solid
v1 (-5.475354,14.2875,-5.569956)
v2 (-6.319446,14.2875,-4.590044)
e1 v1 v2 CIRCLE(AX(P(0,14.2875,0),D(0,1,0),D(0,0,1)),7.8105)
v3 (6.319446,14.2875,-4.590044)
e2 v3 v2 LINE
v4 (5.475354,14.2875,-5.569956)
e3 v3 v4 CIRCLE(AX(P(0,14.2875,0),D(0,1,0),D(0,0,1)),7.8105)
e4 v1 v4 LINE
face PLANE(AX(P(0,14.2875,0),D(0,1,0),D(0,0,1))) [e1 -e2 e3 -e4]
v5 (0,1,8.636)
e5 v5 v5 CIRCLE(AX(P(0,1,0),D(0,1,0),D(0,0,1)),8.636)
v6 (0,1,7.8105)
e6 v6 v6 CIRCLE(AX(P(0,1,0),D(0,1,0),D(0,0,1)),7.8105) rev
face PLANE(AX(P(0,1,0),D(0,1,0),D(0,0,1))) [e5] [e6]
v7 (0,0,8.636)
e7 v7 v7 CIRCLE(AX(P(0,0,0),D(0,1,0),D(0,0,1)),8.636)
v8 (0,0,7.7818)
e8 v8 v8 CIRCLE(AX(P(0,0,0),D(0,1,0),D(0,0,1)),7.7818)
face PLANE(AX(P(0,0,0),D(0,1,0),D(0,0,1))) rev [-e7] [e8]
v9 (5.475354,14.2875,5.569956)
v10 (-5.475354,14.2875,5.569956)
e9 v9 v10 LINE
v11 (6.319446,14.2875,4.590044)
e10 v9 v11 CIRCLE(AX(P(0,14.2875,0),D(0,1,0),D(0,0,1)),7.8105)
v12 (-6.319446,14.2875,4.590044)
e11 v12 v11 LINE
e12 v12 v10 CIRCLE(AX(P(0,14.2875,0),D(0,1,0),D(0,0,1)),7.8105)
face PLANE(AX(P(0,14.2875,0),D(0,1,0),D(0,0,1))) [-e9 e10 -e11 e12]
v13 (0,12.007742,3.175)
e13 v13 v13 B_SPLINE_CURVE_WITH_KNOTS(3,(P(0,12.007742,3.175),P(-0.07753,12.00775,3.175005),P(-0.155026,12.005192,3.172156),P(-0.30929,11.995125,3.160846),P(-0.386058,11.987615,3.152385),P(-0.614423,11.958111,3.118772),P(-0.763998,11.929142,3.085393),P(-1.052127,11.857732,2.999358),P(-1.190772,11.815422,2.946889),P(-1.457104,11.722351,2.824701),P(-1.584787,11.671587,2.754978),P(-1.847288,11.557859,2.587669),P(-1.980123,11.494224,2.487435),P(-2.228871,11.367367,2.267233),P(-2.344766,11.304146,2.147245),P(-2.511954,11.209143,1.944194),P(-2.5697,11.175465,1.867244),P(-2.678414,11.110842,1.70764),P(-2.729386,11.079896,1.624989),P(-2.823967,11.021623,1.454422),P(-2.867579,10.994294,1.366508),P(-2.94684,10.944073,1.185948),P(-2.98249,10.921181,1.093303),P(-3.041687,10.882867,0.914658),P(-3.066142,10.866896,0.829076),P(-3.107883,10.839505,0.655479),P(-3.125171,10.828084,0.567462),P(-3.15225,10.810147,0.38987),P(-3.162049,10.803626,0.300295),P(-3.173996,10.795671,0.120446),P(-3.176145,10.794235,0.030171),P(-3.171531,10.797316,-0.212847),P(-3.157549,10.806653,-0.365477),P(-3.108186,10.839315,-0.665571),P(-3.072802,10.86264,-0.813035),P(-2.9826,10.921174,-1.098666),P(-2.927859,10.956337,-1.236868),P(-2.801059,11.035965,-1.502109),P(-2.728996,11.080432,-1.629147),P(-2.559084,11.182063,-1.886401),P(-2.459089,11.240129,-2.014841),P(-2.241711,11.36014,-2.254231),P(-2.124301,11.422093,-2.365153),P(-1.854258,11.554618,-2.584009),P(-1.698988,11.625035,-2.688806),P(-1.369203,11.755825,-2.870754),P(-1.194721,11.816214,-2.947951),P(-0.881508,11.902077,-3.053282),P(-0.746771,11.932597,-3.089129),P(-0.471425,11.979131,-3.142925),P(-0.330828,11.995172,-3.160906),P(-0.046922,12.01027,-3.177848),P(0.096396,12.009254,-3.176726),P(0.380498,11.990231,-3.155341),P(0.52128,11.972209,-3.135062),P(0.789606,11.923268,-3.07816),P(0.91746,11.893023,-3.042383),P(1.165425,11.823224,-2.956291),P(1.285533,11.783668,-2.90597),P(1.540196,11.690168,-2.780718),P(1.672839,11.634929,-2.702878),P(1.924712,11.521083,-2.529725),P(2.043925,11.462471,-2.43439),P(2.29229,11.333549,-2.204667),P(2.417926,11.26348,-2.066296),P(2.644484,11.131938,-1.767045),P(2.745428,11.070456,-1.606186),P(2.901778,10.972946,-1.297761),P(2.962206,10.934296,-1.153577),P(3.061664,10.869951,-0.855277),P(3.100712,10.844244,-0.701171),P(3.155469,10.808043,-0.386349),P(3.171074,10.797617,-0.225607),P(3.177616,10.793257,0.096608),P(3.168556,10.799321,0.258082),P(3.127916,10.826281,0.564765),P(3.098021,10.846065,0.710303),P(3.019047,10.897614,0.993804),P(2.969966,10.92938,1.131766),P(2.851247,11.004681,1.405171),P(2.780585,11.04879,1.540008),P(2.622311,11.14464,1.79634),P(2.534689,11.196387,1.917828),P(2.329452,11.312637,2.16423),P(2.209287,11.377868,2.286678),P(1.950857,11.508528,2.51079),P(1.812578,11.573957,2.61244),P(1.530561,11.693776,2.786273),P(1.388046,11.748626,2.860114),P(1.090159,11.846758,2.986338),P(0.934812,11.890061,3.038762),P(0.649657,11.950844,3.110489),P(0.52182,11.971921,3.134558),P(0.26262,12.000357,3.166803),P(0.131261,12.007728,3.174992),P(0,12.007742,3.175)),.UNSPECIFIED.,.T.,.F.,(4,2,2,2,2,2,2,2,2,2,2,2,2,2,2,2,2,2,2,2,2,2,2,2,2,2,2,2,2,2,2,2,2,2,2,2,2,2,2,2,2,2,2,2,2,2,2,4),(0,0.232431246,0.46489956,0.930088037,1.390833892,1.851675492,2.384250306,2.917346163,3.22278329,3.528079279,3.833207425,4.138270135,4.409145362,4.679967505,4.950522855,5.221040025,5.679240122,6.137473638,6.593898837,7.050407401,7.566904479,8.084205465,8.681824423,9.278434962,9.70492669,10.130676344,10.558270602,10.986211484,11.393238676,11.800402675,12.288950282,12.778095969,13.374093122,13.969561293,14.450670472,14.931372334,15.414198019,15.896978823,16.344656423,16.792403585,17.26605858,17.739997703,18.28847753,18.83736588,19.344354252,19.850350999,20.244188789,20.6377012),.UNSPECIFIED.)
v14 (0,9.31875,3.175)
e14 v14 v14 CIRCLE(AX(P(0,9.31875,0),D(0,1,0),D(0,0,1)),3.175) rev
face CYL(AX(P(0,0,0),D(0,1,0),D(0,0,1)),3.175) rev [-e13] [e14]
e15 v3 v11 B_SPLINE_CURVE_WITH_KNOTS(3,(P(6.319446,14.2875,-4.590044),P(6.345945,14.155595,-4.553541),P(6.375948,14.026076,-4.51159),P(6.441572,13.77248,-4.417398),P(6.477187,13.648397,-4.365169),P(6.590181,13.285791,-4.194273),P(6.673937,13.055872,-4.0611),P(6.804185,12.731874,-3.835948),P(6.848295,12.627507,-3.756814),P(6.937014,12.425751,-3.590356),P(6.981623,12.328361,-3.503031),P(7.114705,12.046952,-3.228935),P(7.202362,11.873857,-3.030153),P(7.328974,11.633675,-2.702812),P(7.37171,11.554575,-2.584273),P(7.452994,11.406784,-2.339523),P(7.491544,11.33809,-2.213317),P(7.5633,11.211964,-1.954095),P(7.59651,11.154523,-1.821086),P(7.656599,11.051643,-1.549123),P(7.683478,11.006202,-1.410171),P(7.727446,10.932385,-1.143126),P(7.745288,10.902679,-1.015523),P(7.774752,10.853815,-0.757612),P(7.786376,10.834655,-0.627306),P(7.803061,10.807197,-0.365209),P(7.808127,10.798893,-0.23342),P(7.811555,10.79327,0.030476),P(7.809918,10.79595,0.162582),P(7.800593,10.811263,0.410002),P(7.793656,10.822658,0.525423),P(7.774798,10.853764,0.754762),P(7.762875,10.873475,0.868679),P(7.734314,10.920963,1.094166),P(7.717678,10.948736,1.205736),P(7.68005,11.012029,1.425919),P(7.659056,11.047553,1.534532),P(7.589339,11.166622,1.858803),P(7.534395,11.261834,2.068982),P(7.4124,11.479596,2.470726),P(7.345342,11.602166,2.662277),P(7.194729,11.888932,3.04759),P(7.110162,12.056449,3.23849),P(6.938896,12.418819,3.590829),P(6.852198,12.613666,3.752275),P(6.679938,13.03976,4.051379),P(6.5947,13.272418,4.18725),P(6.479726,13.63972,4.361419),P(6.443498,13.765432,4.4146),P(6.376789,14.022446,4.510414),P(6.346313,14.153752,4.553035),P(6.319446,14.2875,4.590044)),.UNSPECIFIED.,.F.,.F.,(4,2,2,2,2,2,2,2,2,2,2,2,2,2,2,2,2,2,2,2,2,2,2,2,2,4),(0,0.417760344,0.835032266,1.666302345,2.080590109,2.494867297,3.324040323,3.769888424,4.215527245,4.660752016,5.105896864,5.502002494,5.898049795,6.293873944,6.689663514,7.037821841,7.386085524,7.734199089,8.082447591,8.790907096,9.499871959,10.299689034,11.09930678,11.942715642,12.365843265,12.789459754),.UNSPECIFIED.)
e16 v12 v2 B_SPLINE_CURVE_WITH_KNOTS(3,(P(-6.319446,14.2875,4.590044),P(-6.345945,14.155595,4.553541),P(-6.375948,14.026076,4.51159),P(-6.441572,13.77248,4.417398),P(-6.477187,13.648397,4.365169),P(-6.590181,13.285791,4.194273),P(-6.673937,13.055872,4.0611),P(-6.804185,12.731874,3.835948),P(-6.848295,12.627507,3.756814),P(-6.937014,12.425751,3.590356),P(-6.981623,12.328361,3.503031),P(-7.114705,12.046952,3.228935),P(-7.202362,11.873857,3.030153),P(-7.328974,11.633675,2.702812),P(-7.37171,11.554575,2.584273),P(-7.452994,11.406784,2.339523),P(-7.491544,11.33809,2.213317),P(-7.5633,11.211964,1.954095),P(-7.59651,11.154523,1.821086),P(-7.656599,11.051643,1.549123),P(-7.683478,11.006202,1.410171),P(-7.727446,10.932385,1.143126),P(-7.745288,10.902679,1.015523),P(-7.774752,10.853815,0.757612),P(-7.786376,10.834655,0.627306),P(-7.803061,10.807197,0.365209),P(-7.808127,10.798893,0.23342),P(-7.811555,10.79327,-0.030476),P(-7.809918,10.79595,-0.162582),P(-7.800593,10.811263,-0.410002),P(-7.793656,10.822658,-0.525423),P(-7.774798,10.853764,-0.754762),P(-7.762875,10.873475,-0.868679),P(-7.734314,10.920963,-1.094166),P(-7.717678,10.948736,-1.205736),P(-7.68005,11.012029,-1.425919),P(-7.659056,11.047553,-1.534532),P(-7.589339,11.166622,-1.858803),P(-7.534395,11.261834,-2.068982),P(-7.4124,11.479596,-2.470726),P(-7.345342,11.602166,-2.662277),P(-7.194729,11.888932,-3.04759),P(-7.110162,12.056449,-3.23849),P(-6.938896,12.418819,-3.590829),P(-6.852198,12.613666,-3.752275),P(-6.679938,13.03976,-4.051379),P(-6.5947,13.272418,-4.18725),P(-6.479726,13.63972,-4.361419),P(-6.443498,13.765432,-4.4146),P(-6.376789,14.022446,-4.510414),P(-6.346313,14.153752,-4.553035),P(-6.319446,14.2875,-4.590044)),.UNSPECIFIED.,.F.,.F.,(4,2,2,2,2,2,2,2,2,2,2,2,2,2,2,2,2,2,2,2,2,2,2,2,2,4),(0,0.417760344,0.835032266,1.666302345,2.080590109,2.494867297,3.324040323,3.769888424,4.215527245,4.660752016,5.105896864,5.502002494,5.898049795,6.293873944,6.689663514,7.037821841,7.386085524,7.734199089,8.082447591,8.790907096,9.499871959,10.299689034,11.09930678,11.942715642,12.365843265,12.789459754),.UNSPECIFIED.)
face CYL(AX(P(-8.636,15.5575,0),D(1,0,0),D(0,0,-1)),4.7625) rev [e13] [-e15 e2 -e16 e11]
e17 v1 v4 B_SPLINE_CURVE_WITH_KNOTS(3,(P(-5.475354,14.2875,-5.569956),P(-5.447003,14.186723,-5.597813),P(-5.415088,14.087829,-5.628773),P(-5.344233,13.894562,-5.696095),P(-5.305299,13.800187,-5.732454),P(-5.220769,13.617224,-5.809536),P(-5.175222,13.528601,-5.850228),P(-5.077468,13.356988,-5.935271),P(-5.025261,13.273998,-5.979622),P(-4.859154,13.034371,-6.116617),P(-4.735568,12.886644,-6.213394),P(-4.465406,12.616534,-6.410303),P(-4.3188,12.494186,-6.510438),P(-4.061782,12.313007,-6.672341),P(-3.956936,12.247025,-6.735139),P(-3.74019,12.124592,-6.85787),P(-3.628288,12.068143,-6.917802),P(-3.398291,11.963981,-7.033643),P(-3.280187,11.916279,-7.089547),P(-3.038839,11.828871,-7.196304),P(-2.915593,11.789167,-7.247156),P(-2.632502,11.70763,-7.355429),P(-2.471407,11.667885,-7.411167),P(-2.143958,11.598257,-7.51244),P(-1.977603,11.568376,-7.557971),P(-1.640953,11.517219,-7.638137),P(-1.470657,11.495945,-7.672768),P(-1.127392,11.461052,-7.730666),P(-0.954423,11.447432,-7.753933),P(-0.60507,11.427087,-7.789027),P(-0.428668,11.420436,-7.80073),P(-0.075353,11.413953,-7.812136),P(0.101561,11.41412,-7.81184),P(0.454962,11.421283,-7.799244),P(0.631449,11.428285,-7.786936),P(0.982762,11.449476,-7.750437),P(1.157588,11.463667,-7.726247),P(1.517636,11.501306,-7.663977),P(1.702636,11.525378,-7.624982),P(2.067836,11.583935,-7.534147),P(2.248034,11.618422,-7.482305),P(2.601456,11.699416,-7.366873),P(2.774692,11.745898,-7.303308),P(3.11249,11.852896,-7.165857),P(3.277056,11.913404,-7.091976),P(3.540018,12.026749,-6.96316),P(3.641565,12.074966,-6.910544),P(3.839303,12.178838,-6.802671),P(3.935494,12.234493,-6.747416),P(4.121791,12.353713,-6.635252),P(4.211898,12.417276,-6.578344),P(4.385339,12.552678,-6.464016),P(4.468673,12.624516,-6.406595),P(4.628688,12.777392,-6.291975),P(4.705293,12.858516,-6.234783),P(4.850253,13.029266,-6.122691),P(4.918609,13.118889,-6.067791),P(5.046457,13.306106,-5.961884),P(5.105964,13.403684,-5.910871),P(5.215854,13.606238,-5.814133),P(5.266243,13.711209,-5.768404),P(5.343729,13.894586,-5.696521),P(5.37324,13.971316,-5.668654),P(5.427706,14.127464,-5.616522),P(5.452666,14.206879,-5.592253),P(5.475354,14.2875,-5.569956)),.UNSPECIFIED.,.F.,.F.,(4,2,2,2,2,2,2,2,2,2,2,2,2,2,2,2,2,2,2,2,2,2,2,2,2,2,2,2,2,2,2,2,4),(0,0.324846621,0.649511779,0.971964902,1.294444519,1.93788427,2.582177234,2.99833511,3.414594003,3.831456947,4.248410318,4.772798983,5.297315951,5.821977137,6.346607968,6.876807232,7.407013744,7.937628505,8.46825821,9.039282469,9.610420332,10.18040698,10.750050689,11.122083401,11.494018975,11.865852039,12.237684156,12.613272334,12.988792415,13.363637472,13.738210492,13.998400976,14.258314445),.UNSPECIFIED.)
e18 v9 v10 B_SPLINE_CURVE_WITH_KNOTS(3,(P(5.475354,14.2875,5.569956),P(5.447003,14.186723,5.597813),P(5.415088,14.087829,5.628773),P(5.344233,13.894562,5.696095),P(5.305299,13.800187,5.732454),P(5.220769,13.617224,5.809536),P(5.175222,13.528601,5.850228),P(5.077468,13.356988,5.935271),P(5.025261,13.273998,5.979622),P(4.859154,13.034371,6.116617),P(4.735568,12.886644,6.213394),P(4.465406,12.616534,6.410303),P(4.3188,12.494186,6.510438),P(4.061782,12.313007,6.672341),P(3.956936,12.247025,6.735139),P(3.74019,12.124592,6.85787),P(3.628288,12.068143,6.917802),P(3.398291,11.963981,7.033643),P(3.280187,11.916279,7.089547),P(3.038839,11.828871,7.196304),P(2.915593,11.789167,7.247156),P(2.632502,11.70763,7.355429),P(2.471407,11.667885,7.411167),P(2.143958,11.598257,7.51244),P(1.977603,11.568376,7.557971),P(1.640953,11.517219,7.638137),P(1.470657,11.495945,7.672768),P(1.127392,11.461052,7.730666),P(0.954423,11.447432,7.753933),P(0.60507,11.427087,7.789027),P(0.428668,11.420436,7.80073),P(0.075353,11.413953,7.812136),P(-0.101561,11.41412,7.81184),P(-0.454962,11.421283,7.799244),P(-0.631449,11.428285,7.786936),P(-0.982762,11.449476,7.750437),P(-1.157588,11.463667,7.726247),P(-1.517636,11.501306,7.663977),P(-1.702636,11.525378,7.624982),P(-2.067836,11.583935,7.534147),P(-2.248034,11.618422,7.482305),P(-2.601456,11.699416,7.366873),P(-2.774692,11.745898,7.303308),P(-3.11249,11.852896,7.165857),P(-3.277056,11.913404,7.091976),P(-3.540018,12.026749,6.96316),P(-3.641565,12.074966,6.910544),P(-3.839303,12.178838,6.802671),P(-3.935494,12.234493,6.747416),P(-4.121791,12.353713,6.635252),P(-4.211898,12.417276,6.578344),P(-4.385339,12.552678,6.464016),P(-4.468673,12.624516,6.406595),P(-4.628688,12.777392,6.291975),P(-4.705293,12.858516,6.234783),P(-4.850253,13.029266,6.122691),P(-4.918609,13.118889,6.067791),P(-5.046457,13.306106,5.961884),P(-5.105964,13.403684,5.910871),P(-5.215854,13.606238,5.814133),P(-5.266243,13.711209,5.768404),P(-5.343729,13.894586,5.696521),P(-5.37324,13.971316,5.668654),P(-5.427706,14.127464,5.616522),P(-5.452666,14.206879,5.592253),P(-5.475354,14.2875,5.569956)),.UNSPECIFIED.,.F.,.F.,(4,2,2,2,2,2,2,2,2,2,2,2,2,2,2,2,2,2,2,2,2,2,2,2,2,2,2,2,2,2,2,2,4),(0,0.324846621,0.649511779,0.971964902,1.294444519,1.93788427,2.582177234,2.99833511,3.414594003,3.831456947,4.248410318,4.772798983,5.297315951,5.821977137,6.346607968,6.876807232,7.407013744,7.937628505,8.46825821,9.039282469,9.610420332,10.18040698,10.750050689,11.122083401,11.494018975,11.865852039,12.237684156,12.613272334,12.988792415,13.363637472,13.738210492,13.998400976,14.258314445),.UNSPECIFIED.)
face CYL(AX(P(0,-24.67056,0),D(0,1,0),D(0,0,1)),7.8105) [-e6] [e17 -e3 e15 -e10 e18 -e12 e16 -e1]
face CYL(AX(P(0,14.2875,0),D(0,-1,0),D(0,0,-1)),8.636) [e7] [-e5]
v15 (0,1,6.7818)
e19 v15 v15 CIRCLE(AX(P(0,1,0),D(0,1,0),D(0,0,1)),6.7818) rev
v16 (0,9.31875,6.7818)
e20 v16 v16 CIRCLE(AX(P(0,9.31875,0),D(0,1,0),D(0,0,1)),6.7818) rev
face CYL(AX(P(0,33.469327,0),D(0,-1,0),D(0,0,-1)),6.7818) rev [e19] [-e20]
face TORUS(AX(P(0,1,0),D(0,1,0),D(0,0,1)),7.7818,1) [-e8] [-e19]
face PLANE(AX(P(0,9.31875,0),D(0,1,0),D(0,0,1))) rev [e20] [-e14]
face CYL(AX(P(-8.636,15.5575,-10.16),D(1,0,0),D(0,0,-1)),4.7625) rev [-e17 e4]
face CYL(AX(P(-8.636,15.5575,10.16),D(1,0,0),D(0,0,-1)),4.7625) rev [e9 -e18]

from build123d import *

# Parameters (mm, degrees)
SKETCH1_R               = 8.636
BOSS_EXTRUDE1_DEPTH     = 14.2875
SKETCH5_R               = 4.7625
CUT_EXTRUDE4_DEPTH      = 9.636
CUT_EXTRUDE4_DEPTH_BACK = 9.636
SKETCH2_OUTSIDE_W       = 24.932
SKETCH2_OUTSIDE_H       = 24.932
SKETCH2_OUTSIDE_R       = 7.8105
CUT_EXTRUDE1_DEPTH      = 13.2875
SKETCH4_R               = 3.175
CUT_EXTRUDE3_DEPTH      = 15.2875
SKETCH3_R               = 6.7818
CUT_EXTRUDE2_DEPTH      = 9.31875
FILLET1_R               = 1


with BuildPart() as part:
    # Sketch1 → Boss-Extrude1 (new body)
    with BuildSketch(Plane(origin=(0, 0, 0), x_dir=(1, 0, 0), z_dir=(0, 1, 0))):
        Circle(SKETCH1_R)
    extrude(amount=BOSS_EXTRUDE1_DEPTH)

    # Sketch5 → Cut-Extrude4 (cut, two sides)
    with BuildSketch(Plane(origin=(0, 0, 0), x_dir=(0, 0, -1), z_dir=(1, 0, 0))) as cut_extrude4_sk:
        with Locations((0, 15.5575)):
            Circle(SKETCH5_R)
        with Locations((-10.16, 15.5575)):
            Circle(SKETCH5_R)
        with Locations((10.16, 15.5575)):
            Circle(SKETCH5_R)
    extrude(amount=CUT_EXTRUDE4_DEPTH, mode=Mode.SUBTRACT)
    extrude(cut_extrude4_sk.sketch, amount=-CUT_EXTRUDE4_DEPTH_BACK, mode=Mode.SUBTRACT)

    # Sketch2 outside → Cut-Extrude1 (cut)
    with BuildSketch(Plane(origin=(0, 14.2875, 0), x_dir=(1, 0, 0), z_dir=(0, 1, 0))):
        Rectangle(SKETCH2_OUTSIDE_W, SKETCH2_OUTSIDE_H)
        Circle(SKETCH2_OUTSIDE_R, mode=Mode.SUBTRACT)
    extrude(amount=-CUT_EXTRUDE1_DEPTH, mode=Mode.SUBTRACT)

    # Sketch4 → Cut-Extrude3 (cut, through all)
    with BuildSketch(Plane(origin=(0, 14.2875, 0), x_dir=(1, 0, 0), z_dir=(0, 1, 0))):
        Circle(SKETCH4_R)
    extrude(amount=-CUT_EXTRUDE3_DEPTH, mode=Mode.SUBTRACT)

    # Sketch3 → Cut-Extrude2 (cut)
    with BuildSketch(Plane.XZ):
        Circle(SKETCH3_R)
    extrude(amount=-CUT_EXTRUDE2_DEPTH, mode=Mode.SUBTRACT)

    # Fillet1
    fillet1_edges = [part.edges().sort_by_distance(p)[0] for p in [
        (-6.7818, 0, 0),
    ]]
    fillet(fillet1_edges, radius=FILLET1_R)


solid = part.part
